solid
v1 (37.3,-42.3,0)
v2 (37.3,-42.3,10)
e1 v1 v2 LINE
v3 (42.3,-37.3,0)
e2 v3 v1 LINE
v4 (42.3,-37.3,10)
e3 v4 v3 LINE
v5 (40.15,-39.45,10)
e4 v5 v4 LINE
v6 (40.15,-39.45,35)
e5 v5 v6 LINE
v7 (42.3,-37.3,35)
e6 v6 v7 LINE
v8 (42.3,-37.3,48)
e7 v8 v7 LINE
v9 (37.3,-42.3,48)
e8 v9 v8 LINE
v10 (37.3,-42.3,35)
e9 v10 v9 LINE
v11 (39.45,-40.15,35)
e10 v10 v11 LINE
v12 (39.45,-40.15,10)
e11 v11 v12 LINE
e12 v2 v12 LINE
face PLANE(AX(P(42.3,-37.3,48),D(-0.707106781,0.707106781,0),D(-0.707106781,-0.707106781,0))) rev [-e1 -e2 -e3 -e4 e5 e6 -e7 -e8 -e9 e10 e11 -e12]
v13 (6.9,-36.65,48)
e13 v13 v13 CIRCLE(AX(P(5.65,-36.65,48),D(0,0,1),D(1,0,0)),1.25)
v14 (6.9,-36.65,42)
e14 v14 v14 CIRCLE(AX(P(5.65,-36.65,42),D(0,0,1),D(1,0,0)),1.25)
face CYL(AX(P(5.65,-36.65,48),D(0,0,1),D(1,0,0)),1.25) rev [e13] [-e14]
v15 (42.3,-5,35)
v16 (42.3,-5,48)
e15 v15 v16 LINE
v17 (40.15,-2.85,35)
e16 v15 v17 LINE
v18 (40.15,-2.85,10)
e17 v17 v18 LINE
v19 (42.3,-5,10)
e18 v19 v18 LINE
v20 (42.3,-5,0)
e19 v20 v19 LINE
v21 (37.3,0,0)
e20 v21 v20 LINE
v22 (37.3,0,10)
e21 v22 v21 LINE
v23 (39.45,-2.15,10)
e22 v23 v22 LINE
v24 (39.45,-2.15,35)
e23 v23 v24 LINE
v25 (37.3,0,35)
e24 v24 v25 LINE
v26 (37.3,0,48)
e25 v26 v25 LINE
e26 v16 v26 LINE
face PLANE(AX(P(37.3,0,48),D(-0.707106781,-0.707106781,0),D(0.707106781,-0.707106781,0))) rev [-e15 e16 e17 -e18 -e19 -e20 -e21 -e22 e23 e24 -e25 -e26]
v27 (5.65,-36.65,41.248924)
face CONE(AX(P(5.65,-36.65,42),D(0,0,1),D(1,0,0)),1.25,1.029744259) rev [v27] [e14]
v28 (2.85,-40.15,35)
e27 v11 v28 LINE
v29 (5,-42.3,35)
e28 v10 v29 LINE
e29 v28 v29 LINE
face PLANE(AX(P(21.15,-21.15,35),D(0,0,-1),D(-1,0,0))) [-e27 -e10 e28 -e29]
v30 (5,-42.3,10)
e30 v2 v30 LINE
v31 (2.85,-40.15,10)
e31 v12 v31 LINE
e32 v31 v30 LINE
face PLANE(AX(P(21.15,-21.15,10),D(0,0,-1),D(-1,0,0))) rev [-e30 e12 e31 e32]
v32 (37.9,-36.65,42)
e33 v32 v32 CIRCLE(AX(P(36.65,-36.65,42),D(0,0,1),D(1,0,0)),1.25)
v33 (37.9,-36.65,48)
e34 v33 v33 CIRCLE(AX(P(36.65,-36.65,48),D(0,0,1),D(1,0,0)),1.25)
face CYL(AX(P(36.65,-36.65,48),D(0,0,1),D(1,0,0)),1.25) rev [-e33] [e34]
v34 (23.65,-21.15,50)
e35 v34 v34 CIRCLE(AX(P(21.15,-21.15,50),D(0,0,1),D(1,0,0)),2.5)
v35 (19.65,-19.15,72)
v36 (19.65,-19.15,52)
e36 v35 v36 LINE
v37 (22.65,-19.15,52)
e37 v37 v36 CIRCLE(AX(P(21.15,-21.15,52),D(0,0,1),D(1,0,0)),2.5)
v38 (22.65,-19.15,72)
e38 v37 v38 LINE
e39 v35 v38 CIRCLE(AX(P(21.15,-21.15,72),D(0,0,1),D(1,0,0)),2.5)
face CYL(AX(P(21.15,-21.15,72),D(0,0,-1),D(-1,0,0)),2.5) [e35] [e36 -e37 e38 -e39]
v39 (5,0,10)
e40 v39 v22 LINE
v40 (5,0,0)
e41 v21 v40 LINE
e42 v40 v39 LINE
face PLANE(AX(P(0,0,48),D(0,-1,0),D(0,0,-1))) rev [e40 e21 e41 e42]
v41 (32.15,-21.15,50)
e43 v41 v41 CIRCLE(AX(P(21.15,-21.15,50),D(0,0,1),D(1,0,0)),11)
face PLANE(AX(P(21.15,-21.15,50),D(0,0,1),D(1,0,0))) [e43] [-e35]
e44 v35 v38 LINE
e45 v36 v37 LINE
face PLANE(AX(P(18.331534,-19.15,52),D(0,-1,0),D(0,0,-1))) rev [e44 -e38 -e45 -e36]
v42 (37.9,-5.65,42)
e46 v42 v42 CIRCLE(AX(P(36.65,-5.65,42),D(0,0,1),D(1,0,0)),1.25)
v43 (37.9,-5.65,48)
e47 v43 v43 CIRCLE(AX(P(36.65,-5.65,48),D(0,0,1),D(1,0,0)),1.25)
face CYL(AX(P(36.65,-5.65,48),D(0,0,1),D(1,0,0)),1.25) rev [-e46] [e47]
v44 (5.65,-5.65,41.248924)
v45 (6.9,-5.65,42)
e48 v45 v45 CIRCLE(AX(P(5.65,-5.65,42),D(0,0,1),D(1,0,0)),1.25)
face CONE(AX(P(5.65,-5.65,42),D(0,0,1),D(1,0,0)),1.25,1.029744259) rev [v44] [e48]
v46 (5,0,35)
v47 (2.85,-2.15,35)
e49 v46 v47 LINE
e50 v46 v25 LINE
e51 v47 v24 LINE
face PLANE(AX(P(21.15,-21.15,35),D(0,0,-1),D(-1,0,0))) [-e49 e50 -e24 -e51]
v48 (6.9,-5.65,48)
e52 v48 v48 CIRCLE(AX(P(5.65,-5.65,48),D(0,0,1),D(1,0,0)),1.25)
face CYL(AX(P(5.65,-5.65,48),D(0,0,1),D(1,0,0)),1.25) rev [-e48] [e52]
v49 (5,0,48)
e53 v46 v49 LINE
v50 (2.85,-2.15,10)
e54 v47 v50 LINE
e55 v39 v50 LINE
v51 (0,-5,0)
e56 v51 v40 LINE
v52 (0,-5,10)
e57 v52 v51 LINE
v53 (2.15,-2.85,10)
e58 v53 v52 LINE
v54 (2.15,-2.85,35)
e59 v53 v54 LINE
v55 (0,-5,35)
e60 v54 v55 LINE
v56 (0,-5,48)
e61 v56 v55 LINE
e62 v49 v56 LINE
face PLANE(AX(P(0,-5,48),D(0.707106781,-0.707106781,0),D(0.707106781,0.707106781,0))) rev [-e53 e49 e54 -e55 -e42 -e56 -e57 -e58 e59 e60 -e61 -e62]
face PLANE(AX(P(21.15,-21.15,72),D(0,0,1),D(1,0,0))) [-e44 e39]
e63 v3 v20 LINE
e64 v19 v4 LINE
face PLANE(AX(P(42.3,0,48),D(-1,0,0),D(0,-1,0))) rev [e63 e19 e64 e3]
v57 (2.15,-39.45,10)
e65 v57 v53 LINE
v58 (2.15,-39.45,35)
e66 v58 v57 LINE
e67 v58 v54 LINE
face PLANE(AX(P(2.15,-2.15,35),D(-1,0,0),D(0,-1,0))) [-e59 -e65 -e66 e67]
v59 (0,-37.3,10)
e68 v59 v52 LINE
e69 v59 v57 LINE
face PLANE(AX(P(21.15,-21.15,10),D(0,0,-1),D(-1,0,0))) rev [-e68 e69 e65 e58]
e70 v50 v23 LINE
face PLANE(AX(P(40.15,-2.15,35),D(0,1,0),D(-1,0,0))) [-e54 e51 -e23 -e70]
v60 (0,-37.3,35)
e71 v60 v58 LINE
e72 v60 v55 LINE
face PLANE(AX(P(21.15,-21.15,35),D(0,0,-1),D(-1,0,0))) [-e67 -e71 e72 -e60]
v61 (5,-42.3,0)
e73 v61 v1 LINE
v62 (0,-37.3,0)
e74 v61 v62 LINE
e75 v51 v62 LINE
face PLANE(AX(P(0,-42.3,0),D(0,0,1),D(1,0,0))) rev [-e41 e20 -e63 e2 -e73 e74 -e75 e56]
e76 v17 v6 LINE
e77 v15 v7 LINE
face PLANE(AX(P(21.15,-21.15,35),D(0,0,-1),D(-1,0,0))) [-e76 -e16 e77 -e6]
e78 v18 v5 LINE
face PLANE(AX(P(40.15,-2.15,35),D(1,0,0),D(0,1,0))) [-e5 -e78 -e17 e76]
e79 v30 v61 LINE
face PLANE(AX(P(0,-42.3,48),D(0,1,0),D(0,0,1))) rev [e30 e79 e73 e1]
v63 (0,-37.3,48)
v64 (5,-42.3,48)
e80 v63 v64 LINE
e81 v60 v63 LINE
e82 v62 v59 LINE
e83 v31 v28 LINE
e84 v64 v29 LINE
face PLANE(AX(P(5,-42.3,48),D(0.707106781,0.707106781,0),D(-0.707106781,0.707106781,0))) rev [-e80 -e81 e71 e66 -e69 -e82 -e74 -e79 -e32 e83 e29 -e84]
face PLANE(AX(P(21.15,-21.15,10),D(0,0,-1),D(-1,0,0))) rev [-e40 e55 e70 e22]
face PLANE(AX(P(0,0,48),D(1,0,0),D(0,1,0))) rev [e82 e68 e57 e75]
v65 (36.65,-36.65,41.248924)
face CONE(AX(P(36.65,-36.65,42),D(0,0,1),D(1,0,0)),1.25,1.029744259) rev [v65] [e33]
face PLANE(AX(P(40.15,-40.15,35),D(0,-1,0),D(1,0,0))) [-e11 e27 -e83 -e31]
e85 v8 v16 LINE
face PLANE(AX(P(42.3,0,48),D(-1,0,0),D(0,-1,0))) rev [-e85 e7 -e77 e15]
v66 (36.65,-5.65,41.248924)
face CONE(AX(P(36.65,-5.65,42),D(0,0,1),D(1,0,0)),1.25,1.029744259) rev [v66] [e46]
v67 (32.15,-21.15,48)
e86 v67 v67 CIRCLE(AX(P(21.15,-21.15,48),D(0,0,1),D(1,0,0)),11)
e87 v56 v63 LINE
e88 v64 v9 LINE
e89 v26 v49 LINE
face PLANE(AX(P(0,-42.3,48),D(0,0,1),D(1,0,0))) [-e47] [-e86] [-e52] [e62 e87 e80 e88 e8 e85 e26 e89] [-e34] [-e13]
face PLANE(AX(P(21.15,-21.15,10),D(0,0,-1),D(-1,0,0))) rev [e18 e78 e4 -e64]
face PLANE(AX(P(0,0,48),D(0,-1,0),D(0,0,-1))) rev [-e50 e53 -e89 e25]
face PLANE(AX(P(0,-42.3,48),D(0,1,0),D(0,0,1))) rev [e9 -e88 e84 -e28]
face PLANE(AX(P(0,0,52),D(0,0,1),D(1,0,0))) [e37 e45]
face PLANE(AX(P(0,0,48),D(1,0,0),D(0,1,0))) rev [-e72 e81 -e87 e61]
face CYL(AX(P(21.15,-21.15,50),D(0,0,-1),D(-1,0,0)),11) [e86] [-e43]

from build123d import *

# Parameters (mm, degrees)
SKETCH_1_W             = 42.3
SKETCH_1_H             = 42.3
EXTRUDE_1_DEPTH        = 48
SKETCH_2_R             = 11
EXTRUDE_2_DEPTH        = 2
SKETCH_3_R             = 2.5
EXTRUDE_3_DEPTH        = 22
CHAMFER_1_SIZE         = 5
HOLE_WIZARD_M3_1_D     = 2.5
HOLE_WIZARD_M3_1_DEPTH = 6
HOLE_WIZARD_M3_1_TIP   = 0.751075774
SKETCH_7_OUTSIDE_W     = 63.022
SKETCH_7_OUTSIDE_H     = 63.022
SKETCH_7_OUTSIDE_W_2   = 38
SKETCH_7_OUTSIDE_H_2   = 38
CUT_EXTRUDE_2_DEPTH    = 25
SKETCH_8_W             = 6.700255884
SKETCH_8_H             = 1.991967966
CUT_EXTRUDE_3_DEPTH    = 20


with BuildPart() as part:
    # 草图1 → 凸台-拉伸1 (new body)
    with BuildSketch(Plane.XY):
        with Locations((21.15, -21.15)):
            Rectangle(SKETCH_1_W, SKETCH_1_H)
    extrude(amount=EXTRUDE_1_DEPTH)

    # 草图2 → 凸台-拉伸2 (add)
    with BuildSketch(Plane.XY.offset(48)):
        with Locations((21.15, -21.15)):
            Circle(SKETCH_2_R)
    extrude(amount=EXTRUDE_2_DEPTH)

    # 草图3 → 凸台-拉伸3 (add)
    with BuildSketch(Plane.XY.offset(50)):
        with Locations((21.15, -21.15)):
            Circle(SKETCH_3_R)
    extrude(amount=EXTRUDE_3_DEPTH)

    # 倒角1
    chamfer_1_edges = [part.edges().sort_by_distance(p)[0] for p in [
        (0, 0, 24),
        (42.3, 0, 24),
        (42.3, -42.3, 24),
        (0, -42.3, 24),
    ]]
    chamfer(chamfer_1_edges, length=CHAMFER_1_SIZE)

    # M3 螺纹孔1
    with Locations(Plane(origin=(5.65, -5.65, 48), x_dir=(1, 0, 0), z_dir=(0, 0, 1))):
        with Locations((0, 0), (0, -31), (31, -31), (31, 0)):
            Hole(HOLE_WIZARD_M3_1_D / 2, depth=HOLE_WIZARD_M3_1_DEPTH)
            with Locations((0, 0, -(HOLE_WIZARD_M3_1_DEPTH + HOLE_WIZARD_M3_1_TIP / 2))):  # 118° drill point
                Cone(0, HOLE_WIZARD_M3_1_D / 2, HOLE_WIZARD_M3_1_TIP, mode=Mode.SUBTRACT)

    # 草图7 outside → 切除-拉伸2 (cut)
    with BuildSketch(Plane(origin=(0, 0, 10), x_dir=(-1, 0, 0), z_dir=(0, 0, -1))):
        with Locations((-21.15, -21.15)):
            Rectangle(SKETCH_7_OUTSIDE_W, SKETCH_7_OUTSIDE_H)
        with Locations((-21.15, -21.15)):
            Rectangle(SKETCH_7_OUTSIDE_W_2, SKETCH_7_OUTSIDE_H_2, mode=Mode.SUBTRACT)
    extrude(amount=-CUT_EXTRUDE_2_DEPTH, mode=Mode.SUBTRACT)

    # 草图8 → 切除-拉伸3 (cut)
    with BuildSketch(Plane.XY.offset(72)):
        with Locations((21.681661742, -18.154016017)):
            Rectangle(SKETCH_8_W, SKETCH_8_H)
    extrude(amount=-CUT_EXTRUDE_3_DEPTH, mode=Mode.SUBTRACT)


solid = part.part
